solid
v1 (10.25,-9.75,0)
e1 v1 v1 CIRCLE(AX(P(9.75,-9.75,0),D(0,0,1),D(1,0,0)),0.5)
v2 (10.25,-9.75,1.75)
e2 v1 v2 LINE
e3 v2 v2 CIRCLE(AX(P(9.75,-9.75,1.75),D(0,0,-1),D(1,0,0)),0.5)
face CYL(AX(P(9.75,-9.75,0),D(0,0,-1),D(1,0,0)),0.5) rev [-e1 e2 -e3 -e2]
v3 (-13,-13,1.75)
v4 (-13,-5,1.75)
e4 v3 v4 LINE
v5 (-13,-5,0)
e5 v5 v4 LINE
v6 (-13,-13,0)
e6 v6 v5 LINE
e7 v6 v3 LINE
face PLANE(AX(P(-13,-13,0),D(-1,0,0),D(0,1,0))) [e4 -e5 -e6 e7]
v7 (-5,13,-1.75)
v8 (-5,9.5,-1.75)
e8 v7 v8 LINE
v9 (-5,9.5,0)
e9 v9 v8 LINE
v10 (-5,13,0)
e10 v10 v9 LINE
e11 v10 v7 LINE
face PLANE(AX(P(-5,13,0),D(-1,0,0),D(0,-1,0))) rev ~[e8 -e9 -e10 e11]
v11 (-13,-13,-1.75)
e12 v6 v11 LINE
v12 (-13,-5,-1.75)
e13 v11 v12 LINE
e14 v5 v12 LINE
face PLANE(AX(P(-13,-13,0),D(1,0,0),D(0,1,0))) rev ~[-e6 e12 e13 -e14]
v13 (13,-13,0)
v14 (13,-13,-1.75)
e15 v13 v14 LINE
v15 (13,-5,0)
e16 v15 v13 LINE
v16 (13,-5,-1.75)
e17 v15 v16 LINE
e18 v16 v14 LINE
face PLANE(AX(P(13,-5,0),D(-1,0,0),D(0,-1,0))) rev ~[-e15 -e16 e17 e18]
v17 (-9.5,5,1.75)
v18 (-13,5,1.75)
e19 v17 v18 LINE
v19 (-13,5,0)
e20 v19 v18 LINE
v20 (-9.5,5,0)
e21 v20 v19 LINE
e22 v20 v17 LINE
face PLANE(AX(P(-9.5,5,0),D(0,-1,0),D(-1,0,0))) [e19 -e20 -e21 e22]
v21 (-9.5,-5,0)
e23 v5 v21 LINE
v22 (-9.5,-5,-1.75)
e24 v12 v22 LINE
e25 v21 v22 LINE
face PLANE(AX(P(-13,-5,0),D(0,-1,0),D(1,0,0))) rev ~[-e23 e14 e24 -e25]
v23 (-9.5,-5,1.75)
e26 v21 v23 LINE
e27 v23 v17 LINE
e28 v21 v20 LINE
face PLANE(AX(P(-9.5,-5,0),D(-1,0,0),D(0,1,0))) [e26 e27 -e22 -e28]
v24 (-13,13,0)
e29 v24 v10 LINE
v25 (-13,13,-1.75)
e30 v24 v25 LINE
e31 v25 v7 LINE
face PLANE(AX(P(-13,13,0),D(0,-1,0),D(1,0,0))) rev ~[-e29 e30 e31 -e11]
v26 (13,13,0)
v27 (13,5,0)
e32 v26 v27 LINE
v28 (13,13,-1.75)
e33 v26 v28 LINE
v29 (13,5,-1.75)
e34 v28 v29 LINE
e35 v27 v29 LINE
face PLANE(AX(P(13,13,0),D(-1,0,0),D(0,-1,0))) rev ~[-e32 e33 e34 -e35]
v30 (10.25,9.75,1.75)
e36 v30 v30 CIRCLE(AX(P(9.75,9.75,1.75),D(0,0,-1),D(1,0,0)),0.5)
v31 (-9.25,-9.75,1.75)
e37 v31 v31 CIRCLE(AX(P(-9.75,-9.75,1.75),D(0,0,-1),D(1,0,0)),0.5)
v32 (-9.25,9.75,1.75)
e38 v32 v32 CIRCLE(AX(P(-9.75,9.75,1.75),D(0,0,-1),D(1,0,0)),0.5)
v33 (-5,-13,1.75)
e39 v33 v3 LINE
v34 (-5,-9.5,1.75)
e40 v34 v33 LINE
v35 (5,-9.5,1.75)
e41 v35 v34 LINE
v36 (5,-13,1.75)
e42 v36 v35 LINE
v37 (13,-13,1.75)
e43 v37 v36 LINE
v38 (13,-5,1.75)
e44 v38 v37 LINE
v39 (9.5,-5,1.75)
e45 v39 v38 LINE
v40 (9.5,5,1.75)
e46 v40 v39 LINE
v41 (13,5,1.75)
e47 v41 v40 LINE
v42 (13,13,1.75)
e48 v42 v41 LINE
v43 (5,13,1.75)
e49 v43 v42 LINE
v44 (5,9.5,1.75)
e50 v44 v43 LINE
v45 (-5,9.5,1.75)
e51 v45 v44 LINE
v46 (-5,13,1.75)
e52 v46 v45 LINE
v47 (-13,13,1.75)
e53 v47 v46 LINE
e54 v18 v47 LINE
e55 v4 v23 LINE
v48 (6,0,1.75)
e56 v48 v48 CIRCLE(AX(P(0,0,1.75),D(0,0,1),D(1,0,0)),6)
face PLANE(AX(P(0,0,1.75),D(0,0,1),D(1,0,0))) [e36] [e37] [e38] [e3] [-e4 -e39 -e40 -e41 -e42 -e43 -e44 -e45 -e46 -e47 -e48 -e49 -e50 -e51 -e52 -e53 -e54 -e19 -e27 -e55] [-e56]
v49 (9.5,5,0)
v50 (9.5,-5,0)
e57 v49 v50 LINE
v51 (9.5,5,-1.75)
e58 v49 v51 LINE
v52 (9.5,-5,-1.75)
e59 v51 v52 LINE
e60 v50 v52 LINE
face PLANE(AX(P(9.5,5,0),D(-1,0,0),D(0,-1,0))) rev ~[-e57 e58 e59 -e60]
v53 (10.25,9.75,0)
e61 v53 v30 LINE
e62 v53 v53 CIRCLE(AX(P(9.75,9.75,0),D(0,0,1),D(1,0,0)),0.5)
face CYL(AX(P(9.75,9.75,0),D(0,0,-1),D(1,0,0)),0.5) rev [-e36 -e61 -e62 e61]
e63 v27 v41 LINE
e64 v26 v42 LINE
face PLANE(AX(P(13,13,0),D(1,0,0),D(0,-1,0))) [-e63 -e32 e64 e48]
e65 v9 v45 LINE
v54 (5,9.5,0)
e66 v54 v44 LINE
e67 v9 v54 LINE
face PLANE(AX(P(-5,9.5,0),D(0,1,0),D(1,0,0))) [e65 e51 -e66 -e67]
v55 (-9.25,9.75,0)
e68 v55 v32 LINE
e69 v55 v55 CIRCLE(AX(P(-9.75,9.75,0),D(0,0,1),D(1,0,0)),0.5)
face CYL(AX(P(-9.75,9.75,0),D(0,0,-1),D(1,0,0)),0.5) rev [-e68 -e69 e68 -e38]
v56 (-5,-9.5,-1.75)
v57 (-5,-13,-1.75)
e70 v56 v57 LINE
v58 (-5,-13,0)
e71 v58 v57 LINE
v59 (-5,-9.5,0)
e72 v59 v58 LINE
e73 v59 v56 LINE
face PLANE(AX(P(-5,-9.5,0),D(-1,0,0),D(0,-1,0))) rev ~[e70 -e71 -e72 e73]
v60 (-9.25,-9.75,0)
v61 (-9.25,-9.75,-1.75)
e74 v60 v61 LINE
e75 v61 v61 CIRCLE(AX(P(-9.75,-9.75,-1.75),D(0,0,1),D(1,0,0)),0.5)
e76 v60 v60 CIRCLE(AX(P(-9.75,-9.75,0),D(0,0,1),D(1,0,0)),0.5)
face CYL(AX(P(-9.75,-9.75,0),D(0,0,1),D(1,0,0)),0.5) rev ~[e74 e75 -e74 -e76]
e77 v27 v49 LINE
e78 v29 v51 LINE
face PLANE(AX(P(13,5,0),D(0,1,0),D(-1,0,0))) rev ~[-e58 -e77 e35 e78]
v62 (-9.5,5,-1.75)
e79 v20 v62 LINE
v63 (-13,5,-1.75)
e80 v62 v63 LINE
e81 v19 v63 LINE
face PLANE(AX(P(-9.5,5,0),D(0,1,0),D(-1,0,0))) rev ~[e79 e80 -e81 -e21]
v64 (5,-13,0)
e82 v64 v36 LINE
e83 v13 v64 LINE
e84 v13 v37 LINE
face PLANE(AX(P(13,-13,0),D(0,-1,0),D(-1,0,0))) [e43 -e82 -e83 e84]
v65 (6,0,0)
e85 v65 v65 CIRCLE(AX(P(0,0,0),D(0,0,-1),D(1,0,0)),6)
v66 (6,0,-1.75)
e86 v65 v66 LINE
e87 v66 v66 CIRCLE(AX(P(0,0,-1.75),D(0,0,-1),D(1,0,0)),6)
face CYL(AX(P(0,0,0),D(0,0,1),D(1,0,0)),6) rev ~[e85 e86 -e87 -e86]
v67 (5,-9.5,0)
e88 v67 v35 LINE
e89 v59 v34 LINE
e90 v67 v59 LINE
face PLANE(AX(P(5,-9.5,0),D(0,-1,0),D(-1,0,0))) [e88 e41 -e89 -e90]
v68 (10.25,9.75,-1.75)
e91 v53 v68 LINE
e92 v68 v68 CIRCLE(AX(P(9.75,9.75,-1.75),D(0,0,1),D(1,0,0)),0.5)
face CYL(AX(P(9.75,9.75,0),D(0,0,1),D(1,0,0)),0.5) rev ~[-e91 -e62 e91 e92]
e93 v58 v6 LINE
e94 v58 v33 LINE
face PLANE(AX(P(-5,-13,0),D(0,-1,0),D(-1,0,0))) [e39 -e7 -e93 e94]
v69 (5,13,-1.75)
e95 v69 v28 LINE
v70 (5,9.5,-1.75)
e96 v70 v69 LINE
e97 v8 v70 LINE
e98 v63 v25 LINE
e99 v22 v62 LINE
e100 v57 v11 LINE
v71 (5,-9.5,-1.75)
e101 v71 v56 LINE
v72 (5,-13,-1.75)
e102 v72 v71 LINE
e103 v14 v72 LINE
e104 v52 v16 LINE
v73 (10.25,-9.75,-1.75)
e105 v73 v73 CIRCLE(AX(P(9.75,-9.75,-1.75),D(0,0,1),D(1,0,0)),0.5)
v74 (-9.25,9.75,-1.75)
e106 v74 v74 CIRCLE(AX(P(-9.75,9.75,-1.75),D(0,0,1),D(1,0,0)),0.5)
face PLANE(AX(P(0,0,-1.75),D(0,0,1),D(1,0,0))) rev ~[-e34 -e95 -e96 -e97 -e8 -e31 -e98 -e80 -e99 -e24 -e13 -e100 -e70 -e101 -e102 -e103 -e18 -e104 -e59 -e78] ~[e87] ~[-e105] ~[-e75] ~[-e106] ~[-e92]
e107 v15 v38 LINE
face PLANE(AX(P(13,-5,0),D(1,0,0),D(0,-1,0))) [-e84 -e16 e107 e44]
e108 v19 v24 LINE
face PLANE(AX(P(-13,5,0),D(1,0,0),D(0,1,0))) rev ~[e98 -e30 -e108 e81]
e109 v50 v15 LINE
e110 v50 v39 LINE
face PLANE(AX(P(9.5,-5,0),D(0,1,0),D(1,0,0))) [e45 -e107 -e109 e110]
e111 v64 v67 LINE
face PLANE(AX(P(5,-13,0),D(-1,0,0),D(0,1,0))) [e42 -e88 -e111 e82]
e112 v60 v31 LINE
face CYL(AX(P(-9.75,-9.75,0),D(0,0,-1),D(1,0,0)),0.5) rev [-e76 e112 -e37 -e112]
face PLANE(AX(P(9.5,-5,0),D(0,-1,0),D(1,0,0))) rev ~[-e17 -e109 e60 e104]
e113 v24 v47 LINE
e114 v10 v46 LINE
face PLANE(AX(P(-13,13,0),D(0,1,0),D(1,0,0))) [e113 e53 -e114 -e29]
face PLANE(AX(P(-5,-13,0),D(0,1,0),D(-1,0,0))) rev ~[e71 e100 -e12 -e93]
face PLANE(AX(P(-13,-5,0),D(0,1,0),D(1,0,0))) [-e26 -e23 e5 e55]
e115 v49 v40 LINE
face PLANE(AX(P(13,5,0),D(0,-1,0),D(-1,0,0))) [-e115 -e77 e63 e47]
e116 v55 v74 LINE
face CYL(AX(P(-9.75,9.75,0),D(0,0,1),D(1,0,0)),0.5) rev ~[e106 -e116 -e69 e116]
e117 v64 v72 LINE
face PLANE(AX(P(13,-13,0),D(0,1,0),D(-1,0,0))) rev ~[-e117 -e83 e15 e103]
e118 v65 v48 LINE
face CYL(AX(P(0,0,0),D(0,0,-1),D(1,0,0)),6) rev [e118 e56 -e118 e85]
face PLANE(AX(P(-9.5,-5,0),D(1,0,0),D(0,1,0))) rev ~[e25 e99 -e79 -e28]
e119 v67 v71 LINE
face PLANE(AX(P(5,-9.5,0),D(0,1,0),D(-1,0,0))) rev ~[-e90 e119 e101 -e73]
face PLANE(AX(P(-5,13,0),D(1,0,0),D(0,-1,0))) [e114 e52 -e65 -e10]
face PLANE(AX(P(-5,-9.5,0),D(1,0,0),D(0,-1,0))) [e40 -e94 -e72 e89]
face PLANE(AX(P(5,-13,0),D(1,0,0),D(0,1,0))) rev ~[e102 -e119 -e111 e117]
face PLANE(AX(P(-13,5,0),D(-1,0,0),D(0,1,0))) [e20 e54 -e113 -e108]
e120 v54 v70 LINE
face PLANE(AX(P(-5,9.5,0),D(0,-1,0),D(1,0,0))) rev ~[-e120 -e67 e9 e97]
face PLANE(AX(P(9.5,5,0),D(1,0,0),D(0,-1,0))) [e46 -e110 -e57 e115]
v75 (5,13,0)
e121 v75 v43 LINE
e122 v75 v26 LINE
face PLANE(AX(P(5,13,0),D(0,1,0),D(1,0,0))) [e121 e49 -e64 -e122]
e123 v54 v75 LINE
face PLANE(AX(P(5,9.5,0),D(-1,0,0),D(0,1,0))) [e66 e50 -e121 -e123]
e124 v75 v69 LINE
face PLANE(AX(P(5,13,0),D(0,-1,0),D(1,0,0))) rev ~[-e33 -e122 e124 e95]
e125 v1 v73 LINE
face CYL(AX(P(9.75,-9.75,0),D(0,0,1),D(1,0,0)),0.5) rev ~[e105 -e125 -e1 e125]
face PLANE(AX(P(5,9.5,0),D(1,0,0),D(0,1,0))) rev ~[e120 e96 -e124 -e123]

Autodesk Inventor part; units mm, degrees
ref_plane "YZ Plane" through (0, 0, 0) normal (1, 0, 0) x (0, 1, 0)
ref_plane "XZ Plane" through (0, 0, 0) normal (0, 1, 0) x (-1, 0, 0)
ref_plane "XY Plane" through (0, 0, 0) normal (0, 0, 1) x (1, 0, 0)
sketch "Sketch1" plane through (0, 0, 0) normal (0, 0, 1) x (1, 0, 0)
  circle A0 centre (0, 0) radius 6
  line L0 (-13, 13) -> (13, 13)
  line L1 (13, 13) -> (13, -13)
  line L2 (13, -13) -> (-13, -13)
  line L3 (-13, -13) -> (-13, 13)
  line L4 (0, 0) -> (13, 13)
  line L5 (6.5, 6.5) -> (13, 13)
  circle A1 centre (9.75, 9.75) radius 0.5
  line L6 (0, 0) -> (-13, 13)
  line L7 (-6.5, 6.5) -> (-13, 13)
  circle A2 centre (-9.75, 9.75) radius 0.5
  line L8 (0, 0) -> (-13, -13)
  line L9 (-6.5, -6.5) -> (-13, -13)
  circle A3 centre (-9.75, -9.75) radius 0.5
  line L10 (0, 0) -> (13, -13)
  line L11 (6.5, -6.5) -> (13, -13)
  circle A4 centre (9.75, -9.75) radius 0.5
  line L12 (-5, -13) -> (5, -13)
  line L13 (5, -13) -> (5, -9.5)
  line L14 (5, -9.5) -> (-5, -9.5)
  line L15 (-5, -9.5) -> (-5, -13)
  line L16 (13, 5) -> (9.5, 5)
  line L17 (9.5, 5) -> (9.5, -5)
  line L18 (9.5, -5) -> (13, -5)
  line L19 (-5, 13) -> (-5, 9.5)
  line L20 (-5, 9.5) -> (5, 9.5)
  line L21 (5, 9.5) -> (5, 13)
  line L22 (-13, -5) -> (-9.5, -5)
  line L23 (-9.5, -5) -> (-9.5, 5)
  line L24 (-9.5, 5) -> (-13, 5)
  point P0 (0, 13)
  point P1 (13, 0)
  point P2 (0, -9.5)
  point P3 (0, -13)
  point P4 (9.5, 0)
  point P5 (0, 9.5)
  point P6 (-9.5, 0)
  dimension "d0" = 12
  dimension "d1" = 26
  dimension "d2" = 26
  dimension "d3" = 1
  dimension "d6" = 360
  dimension "d10" = 10
  dimension "d11" = 3.5
  dimension "d14" = 360
extrude "Extrusion1" add sketch "Sketch1" along normal mid plane 3.5 contours A0 L4 A1 L1 L16 L17 L18 L10 A4 | A0 L6 A2 L0 L19 L20 L21 L4 A1 | L10 A4 L2 L13 L14 L15 L8 A3 A0 | A0 L8 A3 L3 L22 L23 L24 L6 A2
equation "\"d2\" = d1"
properties part number "Drzalo za sveco"
